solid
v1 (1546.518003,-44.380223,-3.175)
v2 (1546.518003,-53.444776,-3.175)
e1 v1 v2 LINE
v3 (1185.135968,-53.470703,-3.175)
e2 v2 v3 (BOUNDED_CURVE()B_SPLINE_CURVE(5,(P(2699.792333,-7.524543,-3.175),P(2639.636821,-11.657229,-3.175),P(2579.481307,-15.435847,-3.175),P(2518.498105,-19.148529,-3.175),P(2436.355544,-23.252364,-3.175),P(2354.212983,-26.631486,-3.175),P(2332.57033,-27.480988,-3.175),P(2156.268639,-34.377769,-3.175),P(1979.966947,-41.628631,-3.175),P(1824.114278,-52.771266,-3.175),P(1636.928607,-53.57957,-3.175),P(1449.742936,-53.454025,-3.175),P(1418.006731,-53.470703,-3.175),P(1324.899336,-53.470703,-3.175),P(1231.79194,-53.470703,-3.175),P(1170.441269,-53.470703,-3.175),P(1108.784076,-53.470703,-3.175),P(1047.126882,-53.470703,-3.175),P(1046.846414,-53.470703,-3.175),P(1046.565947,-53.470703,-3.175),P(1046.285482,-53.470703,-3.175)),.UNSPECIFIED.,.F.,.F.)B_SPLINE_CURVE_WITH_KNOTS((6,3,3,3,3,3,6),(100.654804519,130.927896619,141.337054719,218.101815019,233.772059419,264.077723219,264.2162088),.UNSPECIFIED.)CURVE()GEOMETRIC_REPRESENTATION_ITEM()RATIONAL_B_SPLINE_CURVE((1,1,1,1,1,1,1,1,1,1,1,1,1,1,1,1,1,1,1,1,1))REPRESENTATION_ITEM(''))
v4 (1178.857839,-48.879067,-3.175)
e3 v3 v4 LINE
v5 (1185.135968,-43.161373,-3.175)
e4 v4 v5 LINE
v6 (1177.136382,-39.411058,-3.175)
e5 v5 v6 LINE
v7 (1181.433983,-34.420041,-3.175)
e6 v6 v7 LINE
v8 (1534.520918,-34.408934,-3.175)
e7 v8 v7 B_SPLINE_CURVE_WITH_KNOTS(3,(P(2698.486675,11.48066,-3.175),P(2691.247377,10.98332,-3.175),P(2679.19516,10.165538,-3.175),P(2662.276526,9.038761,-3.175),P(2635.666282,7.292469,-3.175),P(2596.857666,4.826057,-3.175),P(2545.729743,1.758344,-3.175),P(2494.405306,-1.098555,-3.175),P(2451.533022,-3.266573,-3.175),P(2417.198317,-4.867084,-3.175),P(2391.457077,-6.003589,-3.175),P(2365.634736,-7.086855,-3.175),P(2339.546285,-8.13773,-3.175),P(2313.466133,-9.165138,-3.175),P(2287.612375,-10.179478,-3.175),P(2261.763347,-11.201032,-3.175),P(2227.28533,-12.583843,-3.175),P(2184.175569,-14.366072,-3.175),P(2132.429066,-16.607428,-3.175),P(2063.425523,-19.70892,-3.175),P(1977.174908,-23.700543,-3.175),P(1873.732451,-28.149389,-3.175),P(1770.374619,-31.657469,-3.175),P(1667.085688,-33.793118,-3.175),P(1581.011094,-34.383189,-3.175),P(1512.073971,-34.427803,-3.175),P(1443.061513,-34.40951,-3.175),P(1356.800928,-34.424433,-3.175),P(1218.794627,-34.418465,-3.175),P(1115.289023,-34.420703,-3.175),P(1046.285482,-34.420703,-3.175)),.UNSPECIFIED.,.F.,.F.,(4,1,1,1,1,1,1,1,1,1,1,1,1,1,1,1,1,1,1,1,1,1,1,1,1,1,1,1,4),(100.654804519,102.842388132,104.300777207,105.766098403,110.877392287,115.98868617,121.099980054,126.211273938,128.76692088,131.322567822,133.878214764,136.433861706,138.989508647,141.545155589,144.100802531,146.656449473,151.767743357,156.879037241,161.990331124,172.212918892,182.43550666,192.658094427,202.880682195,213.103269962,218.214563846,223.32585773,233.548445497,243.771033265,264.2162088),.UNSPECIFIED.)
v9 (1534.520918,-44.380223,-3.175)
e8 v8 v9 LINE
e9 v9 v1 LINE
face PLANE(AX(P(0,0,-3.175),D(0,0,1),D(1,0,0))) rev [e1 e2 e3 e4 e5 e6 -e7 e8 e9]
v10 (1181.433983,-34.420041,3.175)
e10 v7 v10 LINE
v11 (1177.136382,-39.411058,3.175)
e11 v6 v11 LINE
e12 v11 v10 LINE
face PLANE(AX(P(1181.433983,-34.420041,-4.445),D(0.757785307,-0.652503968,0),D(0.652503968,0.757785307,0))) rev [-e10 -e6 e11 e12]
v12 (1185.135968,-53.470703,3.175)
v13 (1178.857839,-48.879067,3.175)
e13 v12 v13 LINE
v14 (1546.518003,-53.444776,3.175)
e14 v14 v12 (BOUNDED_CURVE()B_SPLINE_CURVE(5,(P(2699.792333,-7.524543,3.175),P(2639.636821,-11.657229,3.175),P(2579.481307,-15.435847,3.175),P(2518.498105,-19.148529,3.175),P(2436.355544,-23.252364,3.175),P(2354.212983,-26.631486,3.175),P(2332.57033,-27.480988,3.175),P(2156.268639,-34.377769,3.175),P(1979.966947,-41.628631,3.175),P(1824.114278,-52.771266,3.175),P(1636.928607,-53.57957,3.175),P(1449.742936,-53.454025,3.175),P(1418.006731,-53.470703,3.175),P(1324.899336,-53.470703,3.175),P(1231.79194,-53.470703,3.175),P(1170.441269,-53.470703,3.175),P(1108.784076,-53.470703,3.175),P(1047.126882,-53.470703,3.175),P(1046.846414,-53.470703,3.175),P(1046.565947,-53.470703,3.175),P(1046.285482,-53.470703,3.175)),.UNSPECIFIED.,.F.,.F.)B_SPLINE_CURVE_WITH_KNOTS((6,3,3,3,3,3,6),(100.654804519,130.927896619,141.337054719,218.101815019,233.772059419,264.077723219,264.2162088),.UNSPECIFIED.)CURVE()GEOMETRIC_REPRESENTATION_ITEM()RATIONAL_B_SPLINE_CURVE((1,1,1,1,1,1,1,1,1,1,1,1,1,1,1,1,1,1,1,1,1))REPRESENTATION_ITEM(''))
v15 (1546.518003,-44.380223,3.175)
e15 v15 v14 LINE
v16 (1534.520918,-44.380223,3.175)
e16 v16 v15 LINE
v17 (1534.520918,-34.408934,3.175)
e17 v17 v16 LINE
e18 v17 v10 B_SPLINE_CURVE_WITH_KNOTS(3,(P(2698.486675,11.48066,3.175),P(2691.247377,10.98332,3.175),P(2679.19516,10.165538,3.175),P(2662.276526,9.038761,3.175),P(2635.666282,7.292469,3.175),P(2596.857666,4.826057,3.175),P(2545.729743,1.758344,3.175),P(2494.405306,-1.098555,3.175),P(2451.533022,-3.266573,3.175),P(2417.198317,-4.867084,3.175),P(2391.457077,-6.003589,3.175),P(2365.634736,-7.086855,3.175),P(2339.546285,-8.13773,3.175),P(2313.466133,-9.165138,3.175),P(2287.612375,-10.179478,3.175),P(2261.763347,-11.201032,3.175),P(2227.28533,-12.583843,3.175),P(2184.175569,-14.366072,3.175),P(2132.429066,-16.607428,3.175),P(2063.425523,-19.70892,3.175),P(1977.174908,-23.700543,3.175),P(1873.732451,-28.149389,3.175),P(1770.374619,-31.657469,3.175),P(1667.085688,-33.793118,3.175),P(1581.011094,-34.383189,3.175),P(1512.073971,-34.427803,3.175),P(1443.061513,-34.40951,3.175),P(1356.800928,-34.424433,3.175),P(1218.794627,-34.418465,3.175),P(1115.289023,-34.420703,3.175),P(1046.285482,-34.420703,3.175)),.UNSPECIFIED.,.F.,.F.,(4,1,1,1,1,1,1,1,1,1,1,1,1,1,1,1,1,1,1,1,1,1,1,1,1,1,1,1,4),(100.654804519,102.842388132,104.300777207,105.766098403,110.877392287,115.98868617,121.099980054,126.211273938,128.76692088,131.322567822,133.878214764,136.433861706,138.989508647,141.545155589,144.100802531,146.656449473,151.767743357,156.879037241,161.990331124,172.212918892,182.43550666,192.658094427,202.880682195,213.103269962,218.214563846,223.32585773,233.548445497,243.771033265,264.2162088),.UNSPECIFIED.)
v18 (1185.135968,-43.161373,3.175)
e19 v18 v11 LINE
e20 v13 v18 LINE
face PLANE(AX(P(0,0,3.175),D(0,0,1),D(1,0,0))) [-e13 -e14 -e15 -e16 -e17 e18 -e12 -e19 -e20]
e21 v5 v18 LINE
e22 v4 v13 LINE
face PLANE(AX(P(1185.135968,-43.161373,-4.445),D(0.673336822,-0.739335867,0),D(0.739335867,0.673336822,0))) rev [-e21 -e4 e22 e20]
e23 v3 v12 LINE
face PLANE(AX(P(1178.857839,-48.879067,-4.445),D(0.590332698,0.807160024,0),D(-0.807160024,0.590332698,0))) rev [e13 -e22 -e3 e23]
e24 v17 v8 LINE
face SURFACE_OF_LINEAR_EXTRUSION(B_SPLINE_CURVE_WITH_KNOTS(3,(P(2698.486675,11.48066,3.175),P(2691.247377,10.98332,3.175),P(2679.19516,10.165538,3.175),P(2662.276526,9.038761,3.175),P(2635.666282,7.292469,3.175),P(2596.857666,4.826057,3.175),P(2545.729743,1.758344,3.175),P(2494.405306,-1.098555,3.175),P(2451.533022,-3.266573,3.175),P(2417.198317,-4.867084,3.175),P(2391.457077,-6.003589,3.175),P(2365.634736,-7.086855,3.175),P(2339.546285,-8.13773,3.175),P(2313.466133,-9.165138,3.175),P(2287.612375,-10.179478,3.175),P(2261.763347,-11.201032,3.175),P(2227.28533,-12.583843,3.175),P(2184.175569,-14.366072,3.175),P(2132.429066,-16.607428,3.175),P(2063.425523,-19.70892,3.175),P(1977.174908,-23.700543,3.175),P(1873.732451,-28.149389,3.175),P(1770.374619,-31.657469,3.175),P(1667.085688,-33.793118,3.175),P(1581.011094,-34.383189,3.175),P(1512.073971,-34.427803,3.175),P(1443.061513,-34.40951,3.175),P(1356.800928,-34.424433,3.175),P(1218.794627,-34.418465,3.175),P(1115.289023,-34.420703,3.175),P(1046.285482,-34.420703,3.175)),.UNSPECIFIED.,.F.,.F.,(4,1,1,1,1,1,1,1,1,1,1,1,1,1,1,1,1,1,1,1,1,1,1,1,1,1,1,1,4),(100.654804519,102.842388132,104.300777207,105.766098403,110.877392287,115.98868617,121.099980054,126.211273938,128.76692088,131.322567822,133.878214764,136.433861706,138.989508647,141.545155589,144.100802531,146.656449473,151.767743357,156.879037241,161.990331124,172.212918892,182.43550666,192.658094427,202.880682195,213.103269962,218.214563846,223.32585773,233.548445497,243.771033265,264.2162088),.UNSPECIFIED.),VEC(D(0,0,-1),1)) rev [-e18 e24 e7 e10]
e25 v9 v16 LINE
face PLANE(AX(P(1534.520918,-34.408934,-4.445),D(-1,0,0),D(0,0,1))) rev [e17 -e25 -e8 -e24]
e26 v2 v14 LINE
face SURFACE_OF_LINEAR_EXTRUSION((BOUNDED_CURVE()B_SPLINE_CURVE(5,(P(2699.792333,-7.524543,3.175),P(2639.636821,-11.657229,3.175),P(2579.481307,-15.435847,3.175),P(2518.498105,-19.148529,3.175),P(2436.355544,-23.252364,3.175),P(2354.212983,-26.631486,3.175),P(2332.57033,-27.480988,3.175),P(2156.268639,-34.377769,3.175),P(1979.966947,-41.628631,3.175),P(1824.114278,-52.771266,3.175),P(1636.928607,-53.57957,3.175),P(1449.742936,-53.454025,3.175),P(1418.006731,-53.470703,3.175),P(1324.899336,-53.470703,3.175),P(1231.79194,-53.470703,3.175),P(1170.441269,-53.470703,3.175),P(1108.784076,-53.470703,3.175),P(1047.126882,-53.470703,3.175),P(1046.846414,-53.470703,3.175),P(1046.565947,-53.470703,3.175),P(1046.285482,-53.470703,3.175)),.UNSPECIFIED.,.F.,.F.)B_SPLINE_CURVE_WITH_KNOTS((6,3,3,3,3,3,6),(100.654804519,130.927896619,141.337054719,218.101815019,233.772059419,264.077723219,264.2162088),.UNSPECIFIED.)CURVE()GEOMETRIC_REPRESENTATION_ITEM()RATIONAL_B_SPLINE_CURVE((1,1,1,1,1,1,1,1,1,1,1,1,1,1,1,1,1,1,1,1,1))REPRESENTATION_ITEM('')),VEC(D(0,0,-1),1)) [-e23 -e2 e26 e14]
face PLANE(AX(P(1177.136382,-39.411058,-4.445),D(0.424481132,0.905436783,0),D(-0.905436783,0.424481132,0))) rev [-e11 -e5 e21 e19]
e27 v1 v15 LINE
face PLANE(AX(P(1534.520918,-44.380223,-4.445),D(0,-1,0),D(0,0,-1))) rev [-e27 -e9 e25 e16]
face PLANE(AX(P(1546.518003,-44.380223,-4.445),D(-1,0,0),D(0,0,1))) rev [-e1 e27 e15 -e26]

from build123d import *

# Parameters (mm, degrees)
BOSS_EXTRUDE1_DEPTH = 3.175
CUT_EXTRUDE1_DEPTH  = 7.3500001
FILLET1_R           = 2.54
CUT_EXTRUDE2_DEPTH  = 7.62


with BuildPart() as part:
    # Sketch1 → Boss-Extrude1 (new body, symmetric)
    with BuildSketch(Plane.XY):
        with BuildLine():
            Line((499.61002795, -53.470702797), (1046.28548189, -53.470702797))
            add(Edge.make_bspline(
                [(2669.54, -9.569049356), (2615.393603553, -13.17073937), (2561.080658619, -16.536108081), (2506.205230446, -19.758621957), (2430.209106802, -23.505211705), (2354.212983157, -26.631486423), (2332.570330468, -27.480988169), (2156.268639429, -34.377768543), (1979.966947376, -41.628631248), (1824.114277635, -52.771265877), (1636.928606778, -53.579569849), (1449.742935921, -53.454024613), (1418.006730935, -53.470702797), (1324.899336146, -53.470702797), (1231.791940344, -53.470702797), (1170.441269319, -53.470702797), (1108.784075813, -53.470702797), (1047.126882346, -53.470702797), (1046.846414188, -53.470702797), (1046.565947184, -53.470702797), (1046.28548189, -53.470702797)],
                knots=[103.698913506, 103.698913506, 103.698913506, 103.698913506, 103.698913506, 103.698913506, 130.927896619, 130.927896619, 130.927896619, 141.337054719, 141.337054719, 141.337054719, 218.101815019, 218.101815019, 218.101815019, 233.772059419, 233.772059419, 233.772059419, 264.077723219, 264.077723219, 264.077723219, 264.2162088, 264.2162088, 264.2162088, 264.2162088, 264.2162088, 264.2162088], degree=5))
            Line((2669.54, -9.569049356), (2669.54, 9.5231025))
            add(Edge.make_bspline(
                [(2669.54, 9.5231025), (2667.126494524, 9.36235515), (2659.861586685, 8.880281494), (2635.666282302, 7.292469146), (2596.857665529, 4.826056853), (2545.729743039, 1.758344093), (2494.405305707, -1.098555235), (2451.533022267, -3.266573297), (2417.198316756, -4.86708361), (2391.457076919, -6.003589235), (2365.634736307, -7.086854581), (2339.546284672, -8.137729944), (2313.466132974, -9.165138371), (2287.612375486, -10.179478215), (2261.763347437, -11.201032297), (2227.285329715, -12.583842557), (2184.175569393, -14.36607236), (2132.429066114, -16.607427868), (2063.4255234, -19.708920485), (1977.174907635, -23.700543313), (1873.732451432, -28.149389221), (1770.37461881, -31.657468649), (1667.085687813, -33.793117556), (1581.011094491, -34.383188831), (1512.07397126, -34.4278026), (1443.061513477, -34.409510402), (1356.800927879, -34.424432812), (1218.794626954, -34.418464788), (1115.289022786, -34.420702797), (1046.28548189, -34.420702797)],
                knots=[103.571582669, 103.571582669, 103.571582669, 103.571582669, 104.300777207, 105.766098403, 110.877392287, 115.98868617, 121.099980054, 126.211273938, 128.76692088, 131.322567822, 133.878214764, 136.433861706, 138.989508647, 141.545155589, 144.100802531, 146.656449473, 151.767743357, 156.879037241, 161.990331124, 172.212918892, 182.43550666, 192.658094427, 202.880682195, 213.103269962, 218.214563846, 223.32585773, 233.548445497, 243.771033265, 264.2162088, 264.2162088, 264.2162088, 264.2162088], degree=3))
            Line((1046.28548189, -34.420702797), (499.61002795, -34.420702797))
            add(Edge.make_bspline(
                [(499.61002795, -34.420702797), (488.614737518, -34.420702797), (472.236395365, -34.420702798), (449.940231846, -34.420702794), (427.771305695, -34.42070281), (405.874681663, -34.420702712), (384.584909128, -34.420702942), (368.900229326, -34.420702244), (353.376568613, -34.420704862), (332.608466435, -34.420689186), (306.287754853, -34.420570006), (274.023487704, -34.420538256), (252.271015965, -34.420709741), (241.425150134, -34.420702761)],
                knots=[19.90682951, 19.90682951, 19.90682951, 19.90682951, 23.220120017, 24.876765271, 26.533410525, 29.846701033, 31.503346286, 33.15999154, 34.816636794, 36.473282048, 39.786572556, 43.099863063, 46.413153571, 46.413153571, 46.413153571, 46.413153571], degree=3))
            add(Edge.make_bspline(
                [(241.425150134, -34.420702761), (239.394928853, -34.420701455), (235.322322927, -34.420495867), (227.274423443, -34.398702533), (217.319360062, -34.297466855), (205.530690077, -33.976385563), (189.963341914, -33.212641271), (170.696984653, -31.543495194), (147.533261232, -28.314398128), (125.482753206, -24.202109872), (109.358914834, -20.622537553), (100.964116069, -18.612521054), (99.06, -18.149327722)],
                knots=[0, 0, 0, 0, 0.622088422, 1.244176844, 2.488353689, 3.732530533, 4.976707377, 7.465061066, 9.953414755, 12.441768444, 14.55823542, 15.180323842, 15.180323842, 15.180323842, 15.180323842], degree=3))
            Line((99.06, -18.149327722), (99.06, -37.741485304))
            add(Edge.make_bspline(
                [(241.425137875, -53.470702761), (224.286916993, -53.470691732), (207.149474967, -53.467315374), (190.203897513, -52.686577078), (161.734965878, -49.987457476), (133.266034188, -45.175583375), (121.749620566, -42.910592695), (110.349390726, -40.420274627), (99.06, -37.741485304)],
                knots=[0, 0, 0, 0, 0, 0, 8.71381608, 8.71381608, 8.71381608, 14.701907176, 14.701907176, 14.701907176, 14.701907176, 14.701907176, 14.701907176], degree=5))
            add(Edge.make_bspline(
                [(499.61002795, -53.470702797), (492.136820835, -53.470702797), (484.754348064, -53.470702797), (477.443025859, -53.470702797), (448.516583145, -53.470702797), (419.590140517, -53.470702797), (398.368118521, -53.470702797), (355.647540186, -53.470702797), (312.926961851, -53.470702797), (289.235090436, -53.470293029), (265.364963651, -53.470705034), (241.4948369, -53.470702789), (241.471603891, -53.470702785), (241.448370882, -53.470702776), (241.425137875, -53.470702761)],
                knots=[19.90682951, 19.90682951, 19.90682951, 19.90682951, 19.90682951, 19.90682951, 23.637897311, 23.637897311, 23.637897311, 34.276545571, 34.276545571, 34.276545571, 46.401340901, 46.401340901, 46.401340901, 46.413153571, 46.413153571, 46.413153571, 46.413153571, 46.413153571, 46.413153571], degree=5))
        make_face()
    extrude(amount=BOSS_EXTRUDE1_DEPTH, both=True)

    # Sketch2 → Cut-Extrude1 (cut, through all)
    with BuildSketch(Plane.XY.offset(3.175)):
        with BuildLine():
            add(Edge.make_bspline(
                [(2312.9875, -9.183260037), (2304.505441691, -9.516700376), (2287.441020622, -10.186250162), (2261.763347437, -11.201032297), (2228.230552004, -12.545932515), (2203.310445107, -13.575047161), (2187.00995947, -14.263260037)],
                knots=[139.04033329, 139.04033329, 139.04033329, 139.04033329, 141.545155589, 144.100802531, 146.656449473, 151.487488909, 151.487488909, 151.487488909, 151.487488909], degree=3))
            Line((2187.00995947, -14.263260037), (2312.9875, -14.263260037))
            Line((2312.9875, -14.263260037), (2312.9875, -9.183260037))
        make_face()
    extrude(amount=-CUT_EXTRUDE1_DEPTH, mode=Mode.SUBTRACT)

    # Fillet1
    fillet1_edges = [part.edges().sort_by_distance(p)[0] for p in [
        (2669.54, -9.569049356, -1.5875),
        (2669.54, 9.5231025, -1.5875),
        (99.06, -37.741485304, -1.5875),
        (99.06, -18.149327722, -1.5875),
        (2312.9875, -9.183260037, 1.5875),
        (2312.9875, -14.263260037, 0),
    ]]
    fillet(fillet1_edges, radius=FILLET1_R)

    # Sketch3 → Cut-Extrude2 (cut)
    with BuildSketch(Plane.XY.offset(3.175)):
        Polygon((1181.433983433, -34.420040525), (1177.136382458, -39.41105826), (1185.135968065, -43.161373269), (1178.857838528, -48.879066642), (1185.135968065, -53.470702797), (1185.135968065, -76.771212746), (0, -269.970579329), (-115.576123812, 193.994123709), (1181.433983433, 141.355355937), align=None)
        Polygon((1534.520918045, -34.408934174), (1534.520918045, -44.380222694), (1546.518002564, -44.380222694), (1546.518002564, -53.444776375), (1547.50690107, -59.06466964), (2722.698551589, -126.981023112), (2732.810767707, 122.182227989), (1534.520918045, 141.355355937), align=None)
    extrude(amount=-CUT_EXTRUDE2_DEPTH, mode=Mode.SUBTRACT)


solid = part.part
